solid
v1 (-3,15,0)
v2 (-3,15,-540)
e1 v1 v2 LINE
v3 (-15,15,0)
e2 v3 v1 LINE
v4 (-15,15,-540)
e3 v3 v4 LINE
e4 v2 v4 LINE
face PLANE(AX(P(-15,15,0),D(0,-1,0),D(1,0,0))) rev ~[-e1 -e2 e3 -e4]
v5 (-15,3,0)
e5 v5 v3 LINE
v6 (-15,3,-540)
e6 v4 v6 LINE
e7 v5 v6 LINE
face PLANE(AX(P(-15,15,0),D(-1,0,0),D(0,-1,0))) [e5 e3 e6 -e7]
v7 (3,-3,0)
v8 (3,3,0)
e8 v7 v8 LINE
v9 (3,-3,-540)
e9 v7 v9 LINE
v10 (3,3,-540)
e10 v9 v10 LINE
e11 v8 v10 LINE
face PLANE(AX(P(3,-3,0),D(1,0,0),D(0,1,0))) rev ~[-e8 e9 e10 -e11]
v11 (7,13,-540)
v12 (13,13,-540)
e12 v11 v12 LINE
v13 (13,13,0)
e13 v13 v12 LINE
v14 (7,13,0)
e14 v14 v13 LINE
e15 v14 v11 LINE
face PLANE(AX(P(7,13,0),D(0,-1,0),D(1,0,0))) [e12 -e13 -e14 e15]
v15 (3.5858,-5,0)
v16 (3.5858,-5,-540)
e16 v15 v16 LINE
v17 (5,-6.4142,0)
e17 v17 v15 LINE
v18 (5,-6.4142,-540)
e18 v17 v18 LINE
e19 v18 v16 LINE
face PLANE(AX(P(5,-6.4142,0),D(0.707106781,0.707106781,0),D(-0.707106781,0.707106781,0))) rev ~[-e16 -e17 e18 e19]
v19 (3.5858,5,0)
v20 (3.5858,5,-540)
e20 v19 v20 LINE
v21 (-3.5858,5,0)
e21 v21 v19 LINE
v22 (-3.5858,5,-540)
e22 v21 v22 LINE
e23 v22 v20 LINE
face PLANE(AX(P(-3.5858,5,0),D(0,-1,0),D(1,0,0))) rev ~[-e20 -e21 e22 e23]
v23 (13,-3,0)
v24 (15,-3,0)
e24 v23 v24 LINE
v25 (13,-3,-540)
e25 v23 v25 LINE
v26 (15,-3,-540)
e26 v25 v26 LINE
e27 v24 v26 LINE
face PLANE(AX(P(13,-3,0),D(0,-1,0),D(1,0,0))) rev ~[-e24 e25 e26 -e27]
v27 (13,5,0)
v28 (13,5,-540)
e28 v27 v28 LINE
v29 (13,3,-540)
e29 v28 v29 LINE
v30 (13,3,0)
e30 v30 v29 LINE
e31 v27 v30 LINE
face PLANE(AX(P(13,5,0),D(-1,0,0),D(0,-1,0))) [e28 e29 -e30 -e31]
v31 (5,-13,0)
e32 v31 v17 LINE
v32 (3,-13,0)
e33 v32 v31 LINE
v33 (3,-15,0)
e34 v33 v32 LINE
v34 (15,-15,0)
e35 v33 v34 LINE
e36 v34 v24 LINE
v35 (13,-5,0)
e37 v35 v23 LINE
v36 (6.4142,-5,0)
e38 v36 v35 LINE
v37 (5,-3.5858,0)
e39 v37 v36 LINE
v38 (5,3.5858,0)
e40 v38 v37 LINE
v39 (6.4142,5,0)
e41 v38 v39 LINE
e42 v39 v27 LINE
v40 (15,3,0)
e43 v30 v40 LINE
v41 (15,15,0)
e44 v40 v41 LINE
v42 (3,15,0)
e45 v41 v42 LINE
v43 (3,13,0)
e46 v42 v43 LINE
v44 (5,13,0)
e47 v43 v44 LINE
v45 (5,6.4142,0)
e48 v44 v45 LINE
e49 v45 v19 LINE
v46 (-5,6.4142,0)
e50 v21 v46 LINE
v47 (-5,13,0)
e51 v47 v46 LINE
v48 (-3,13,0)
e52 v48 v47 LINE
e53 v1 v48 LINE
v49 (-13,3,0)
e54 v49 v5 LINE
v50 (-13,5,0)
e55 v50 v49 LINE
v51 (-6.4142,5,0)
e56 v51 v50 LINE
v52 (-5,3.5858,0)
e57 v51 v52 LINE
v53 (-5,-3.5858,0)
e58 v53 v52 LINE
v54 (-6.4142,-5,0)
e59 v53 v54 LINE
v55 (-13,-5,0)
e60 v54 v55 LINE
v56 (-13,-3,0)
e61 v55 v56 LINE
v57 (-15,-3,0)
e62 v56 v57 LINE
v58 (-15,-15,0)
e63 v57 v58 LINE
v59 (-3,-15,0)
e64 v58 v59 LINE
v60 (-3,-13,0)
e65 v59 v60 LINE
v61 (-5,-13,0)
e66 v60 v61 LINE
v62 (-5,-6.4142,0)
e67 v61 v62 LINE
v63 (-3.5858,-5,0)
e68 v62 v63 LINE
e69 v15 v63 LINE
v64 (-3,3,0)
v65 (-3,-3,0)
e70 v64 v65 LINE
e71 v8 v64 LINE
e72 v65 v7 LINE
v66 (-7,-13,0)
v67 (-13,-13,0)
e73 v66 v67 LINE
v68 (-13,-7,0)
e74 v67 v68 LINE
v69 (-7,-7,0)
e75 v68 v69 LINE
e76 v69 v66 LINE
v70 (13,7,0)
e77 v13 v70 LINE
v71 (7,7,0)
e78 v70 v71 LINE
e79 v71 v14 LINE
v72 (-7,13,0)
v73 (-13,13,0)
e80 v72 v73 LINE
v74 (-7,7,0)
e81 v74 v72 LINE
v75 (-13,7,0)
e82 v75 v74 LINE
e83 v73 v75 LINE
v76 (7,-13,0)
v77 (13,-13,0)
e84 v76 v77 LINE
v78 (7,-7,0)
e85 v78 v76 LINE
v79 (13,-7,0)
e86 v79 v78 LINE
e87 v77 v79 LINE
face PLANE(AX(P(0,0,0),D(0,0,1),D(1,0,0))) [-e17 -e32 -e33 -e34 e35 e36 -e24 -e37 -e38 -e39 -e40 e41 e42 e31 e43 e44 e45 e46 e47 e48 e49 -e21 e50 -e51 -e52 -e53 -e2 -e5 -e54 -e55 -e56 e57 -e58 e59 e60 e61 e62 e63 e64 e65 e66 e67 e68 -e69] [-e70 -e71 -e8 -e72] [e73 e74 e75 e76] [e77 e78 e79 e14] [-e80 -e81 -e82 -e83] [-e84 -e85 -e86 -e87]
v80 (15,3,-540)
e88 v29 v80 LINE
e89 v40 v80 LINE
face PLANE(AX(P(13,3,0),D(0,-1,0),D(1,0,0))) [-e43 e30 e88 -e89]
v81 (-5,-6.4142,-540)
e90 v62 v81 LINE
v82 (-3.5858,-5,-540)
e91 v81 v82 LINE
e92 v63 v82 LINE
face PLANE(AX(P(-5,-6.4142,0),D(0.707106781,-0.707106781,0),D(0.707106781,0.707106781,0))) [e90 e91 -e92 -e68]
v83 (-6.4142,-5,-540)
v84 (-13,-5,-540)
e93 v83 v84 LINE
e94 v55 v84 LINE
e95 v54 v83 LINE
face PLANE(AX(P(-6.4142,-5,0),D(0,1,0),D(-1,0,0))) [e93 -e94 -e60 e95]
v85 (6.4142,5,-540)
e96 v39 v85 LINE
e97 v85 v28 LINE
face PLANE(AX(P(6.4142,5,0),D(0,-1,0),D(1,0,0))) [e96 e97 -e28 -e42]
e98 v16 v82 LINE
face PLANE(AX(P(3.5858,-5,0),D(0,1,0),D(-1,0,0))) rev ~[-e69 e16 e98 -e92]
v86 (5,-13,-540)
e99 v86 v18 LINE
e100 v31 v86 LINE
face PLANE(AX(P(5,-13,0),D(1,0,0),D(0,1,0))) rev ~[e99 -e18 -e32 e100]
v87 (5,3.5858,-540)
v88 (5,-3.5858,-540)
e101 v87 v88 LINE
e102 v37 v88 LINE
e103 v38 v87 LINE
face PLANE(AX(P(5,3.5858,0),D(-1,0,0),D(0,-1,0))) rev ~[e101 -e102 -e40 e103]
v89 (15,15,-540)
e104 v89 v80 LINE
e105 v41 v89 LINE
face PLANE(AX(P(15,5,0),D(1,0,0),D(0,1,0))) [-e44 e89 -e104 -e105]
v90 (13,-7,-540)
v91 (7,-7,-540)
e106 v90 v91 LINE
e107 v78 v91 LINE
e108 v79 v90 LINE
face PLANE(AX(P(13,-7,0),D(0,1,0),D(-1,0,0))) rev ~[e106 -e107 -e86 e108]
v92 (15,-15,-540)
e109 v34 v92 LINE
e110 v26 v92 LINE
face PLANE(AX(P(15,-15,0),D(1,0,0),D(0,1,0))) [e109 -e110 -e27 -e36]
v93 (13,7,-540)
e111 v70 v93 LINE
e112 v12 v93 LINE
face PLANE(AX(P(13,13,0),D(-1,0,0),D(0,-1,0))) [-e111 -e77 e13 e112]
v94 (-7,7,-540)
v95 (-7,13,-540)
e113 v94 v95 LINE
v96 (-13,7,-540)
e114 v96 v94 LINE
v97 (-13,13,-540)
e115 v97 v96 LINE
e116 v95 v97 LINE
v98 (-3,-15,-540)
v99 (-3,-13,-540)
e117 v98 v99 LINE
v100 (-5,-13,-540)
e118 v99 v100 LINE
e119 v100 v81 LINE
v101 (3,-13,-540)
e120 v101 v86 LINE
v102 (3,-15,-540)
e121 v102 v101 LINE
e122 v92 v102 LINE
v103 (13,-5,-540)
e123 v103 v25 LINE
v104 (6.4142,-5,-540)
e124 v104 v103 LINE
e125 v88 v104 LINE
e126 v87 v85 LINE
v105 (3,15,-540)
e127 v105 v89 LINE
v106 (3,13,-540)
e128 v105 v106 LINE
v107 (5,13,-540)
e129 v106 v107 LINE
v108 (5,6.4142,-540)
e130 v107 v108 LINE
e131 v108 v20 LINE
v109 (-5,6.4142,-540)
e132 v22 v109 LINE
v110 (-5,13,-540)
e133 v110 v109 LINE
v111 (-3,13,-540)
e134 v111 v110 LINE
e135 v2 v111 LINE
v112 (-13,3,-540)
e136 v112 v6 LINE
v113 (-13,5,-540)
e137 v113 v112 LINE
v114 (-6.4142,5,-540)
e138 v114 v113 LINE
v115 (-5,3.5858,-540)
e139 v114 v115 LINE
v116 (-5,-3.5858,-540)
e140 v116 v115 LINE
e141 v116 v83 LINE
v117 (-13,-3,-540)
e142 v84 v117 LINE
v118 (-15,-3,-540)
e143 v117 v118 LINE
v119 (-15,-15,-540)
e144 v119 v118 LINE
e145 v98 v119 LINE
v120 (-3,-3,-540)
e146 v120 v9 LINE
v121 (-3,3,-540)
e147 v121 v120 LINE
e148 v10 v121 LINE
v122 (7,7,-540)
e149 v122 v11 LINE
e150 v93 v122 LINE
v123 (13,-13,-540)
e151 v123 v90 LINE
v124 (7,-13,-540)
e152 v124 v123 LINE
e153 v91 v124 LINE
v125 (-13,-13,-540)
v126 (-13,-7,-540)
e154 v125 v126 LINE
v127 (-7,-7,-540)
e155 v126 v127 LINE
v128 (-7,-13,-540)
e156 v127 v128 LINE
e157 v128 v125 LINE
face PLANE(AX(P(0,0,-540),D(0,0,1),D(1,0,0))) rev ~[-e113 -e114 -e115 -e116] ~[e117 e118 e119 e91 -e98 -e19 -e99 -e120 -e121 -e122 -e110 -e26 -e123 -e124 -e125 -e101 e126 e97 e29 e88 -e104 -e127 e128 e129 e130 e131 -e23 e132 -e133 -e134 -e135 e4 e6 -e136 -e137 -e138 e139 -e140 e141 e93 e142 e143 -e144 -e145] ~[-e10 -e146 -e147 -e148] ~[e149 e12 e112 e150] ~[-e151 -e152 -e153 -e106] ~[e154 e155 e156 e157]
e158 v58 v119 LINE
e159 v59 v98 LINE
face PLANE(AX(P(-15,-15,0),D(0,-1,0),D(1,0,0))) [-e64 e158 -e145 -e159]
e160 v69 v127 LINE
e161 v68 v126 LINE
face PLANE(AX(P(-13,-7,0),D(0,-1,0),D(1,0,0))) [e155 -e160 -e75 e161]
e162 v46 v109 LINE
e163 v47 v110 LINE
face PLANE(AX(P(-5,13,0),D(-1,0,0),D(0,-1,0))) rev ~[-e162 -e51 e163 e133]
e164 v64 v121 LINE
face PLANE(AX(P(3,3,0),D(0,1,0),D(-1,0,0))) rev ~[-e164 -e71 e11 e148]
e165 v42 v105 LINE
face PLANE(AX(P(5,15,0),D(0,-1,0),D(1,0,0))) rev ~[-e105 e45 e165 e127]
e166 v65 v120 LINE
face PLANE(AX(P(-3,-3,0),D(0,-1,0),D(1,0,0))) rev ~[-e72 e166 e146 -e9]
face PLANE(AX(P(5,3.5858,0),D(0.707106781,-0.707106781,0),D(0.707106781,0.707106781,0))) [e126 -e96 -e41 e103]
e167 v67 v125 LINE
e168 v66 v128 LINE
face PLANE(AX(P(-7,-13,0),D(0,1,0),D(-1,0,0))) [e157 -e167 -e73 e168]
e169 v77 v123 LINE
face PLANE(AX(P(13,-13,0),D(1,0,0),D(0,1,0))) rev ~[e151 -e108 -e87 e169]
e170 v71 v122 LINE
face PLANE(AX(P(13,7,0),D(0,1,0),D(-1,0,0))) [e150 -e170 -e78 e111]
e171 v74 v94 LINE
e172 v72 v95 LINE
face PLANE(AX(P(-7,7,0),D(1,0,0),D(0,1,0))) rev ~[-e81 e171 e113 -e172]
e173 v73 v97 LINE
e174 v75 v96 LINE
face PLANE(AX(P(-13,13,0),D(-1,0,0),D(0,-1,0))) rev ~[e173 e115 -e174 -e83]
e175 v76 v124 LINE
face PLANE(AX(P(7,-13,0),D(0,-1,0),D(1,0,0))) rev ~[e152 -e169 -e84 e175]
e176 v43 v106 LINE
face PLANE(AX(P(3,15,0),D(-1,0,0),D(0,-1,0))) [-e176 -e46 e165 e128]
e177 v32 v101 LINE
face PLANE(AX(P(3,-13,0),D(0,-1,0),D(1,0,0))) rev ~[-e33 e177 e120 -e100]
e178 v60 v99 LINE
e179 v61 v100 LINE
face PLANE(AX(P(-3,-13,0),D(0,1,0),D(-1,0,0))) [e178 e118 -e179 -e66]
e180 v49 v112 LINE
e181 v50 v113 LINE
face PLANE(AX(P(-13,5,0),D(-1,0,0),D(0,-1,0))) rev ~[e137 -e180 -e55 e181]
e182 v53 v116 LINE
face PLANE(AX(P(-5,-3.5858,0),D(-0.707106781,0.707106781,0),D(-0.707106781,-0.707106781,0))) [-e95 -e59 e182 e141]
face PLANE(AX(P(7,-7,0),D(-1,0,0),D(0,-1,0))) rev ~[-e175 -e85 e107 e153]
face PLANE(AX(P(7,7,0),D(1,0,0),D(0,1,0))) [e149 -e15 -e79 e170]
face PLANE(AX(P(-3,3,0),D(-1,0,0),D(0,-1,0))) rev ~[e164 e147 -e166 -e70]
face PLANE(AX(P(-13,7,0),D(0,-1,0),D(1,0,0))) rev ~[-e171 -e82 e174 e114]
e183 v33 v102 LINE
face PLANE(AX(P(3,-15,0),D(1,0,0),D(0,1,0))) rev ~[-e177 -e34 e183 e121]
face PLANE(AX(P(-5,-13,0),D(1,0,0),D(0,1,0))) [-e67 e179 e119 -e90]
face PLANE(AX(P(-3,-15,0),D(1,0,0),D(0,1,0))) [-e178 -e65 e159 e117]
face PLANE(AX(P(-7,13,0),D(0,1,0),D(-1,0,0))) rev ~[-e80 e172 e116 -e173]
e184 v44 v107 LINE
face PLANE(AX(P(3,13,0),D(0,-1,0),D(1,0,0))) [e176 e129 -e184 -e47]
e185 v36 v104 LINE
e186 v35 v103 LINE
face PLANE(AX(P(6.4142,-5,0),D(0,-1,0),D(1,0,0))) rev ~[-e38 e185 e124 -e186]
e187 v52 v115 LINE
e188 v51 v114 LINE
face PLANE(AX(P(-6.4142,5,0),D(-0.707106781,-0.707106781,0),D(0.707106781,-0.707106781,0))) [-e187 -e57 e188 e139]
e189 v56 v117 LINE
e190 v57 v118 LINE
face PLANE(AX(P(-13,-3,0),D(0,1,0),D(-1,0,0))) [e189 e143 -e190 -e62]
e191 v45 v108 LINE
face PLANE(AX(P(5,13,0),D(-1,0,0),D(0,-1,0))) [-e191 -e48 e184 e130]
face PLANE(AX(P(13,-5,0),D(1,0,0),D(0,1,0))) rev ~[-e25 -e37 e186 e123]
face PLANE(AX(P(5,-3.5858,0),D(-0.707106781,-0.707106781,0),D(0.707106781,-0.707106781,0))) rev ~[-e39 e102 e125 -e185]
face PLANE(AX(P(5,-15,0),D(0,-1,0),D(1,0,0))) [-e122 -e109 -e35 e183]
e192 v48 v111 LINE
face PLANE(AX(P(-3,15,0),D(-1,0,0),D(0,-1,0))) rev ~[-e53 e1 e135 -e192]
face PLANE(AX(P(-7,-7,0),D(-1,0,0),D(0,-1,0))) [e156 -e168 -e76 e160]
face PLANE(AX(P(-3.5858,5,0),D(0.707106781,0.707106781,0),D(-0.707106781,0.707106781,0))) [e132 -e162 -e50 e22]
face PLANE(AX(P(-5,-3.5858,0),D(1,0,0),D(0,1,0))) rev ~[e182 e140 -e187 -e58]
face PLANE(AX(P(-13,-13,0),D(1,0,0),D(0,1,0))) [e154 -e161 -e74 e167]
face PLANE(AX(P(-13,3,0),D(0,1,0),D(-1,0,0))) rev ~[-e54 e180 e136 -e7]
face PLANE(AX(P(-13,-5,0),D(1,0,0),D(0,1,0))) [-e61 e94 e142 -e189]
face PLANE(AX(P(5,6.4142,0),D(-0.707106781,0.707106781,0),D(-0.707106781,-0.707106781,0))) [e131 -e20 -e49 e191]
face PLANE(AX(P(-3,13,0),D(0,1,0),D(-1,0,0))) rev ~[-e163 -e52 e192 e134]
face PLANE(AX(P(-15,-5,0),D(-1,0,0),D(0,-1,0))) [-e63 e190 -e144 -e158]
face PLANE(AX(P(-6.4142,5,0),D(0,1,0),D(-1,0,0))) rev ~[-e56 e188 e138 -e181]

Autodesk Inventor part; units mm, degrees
ref_plane "YZ Plane" through (0, 0, 0) normal (1, 0, 0) x (0, 1, 0)
ref_plane "XZ Plane" through (0, 0, 0) normal (0, 1, 0) x (-1, 0, 0)
ref_plane "XY Plane" through (0, 0, 0) normal (0, 0, 1) x (1, 0, 0)
sketch "스케치1" plane through (0, 0, 0) normal (0, 0, 1) x (1, 0, 0)
  line L0 (-15, 15) -> (15, 15)
  line L1 (15, 15) -> (-15, 15)
  line L2 (-15, 15) -> (-15, -15)
  line L3 (-15, -15) -> (15, -15)
  line L4 (15, -15) -> (15, 15)
  line L5 (-15, -15) -> (-5, -15)
  line L6 (-5, -15) -> (-5, -5)
  line L7 (-5, -5) -> (-15, -5)
  line L8 (-15, -5) -> (-15, -15)
  line L9 (-15, 15) -> (-5, 15)
  line L10 (-5, 15) -> (-5, 5)
  line L11 (-5, 5) -> (-15, 5)
  line L12 (-15, 5) -> (-15, 15)
  line L13 (15, -15) -> (5, -15)
  line L14 (5, -15) -> (5, -5)
  line L15 (5, -5) -> (15, -5)
  line L16 (15, -5) -> (15, -15)
  line L17 (15, 15) -> (5, 15)
  line L18 (5, 15) -> (5, 5)
  line L19 (5, 5) -> (15, 5)
  line L20 (15, 5) -> (15, 15)
  line L21 (-13, -7) -> (-7, -7)
  line L22 (-7, -7) -> (-7, -13)
  line L23 (-7, -13) -> (-13, -13)
  line L24 (-13, -13) -> (-13, -7)
  line L25 (-13, 7) -> (-7, 7)
  line L26 (-7, 7) -> (-7, 13)
  line L27 (-7, 13) -> (-13, 13)
  line L28 (-13, 13) -> (-13, 7)
  line L29 (7, -7) -> (7, -13)
  line L30 (7, -13) -> (13, -13)
  line L31 (13, -13) -> (13, -7)
  line L32 (13, -7) -> (7, -7)
  line L33 (7, 7) -> (7, 13)
  line L34 (7, 13) -> (13, 13)
  line L35 (13, 13) -> (13, 7)
  line L36 (13, 7) -> (7, 7)
  line L37 (-5, -15) -> (-3, -15)
  line L38 (-3, -15) -> (-3, -13)
  line L39 (-3, -13) -> (-5, -13)
  line L40 (-5, -13) -> (-5, -15)
  line L41 (5, -15) -> (3, -15)
  line L42 (3, -15) -> (3, -13)
  line L43 (3, -13) -> (5, -13)
  line L44 (5, -13) -> (5, -15)
  line L45 (5, 15) -> (3, 15)
  line L46 (3, 15) -> (3, 13)
  line L47 (3, 13) -> (5, 13)
  line L48 (5, 13) -> (5, 15)
  line L49 (-5, 15) -> (-3, 15)
  line L50 (-3, 15) -> (-3, 13)
  line L51 (-3, 13) -> (-5, 13)
  line L52 (-5, 13) -> (-5, 15)
  line L53 (15, -5) -> (13, -5)
  line L54 (13, -5) -> (13, -3)
  line L55 (13, -3) -> (15, -3)
  line L56 (15, -3) -> (15, -5)
  line L57 (15, 5) -> (13, 5)
  line L58 (13, 5) -> (13, 3)
  line L59 (13, 3) -> (15, 3)
  line L60 (15, 3) -> (15, 5)
  line L61 (-15, -5) -> (-13, -5)
  line L62 (-13, -5) -> (-13, -3)
  line L63 (-13, -3) -> (-15, -3)
  line L64 (-15, -3) -> (-15, -5)
  line L65 (-15, 5) -> (-13, 5)
  line L66 (-13, 5) -> (-13, 3)
  line L67 (-13, 3) -> (-15, 3)
  line L68 (-15, 3) -> (-15, 5)
  line L69 (5, -5) -> (-5, -5)
  line L70 (-5, -5) -> (-5, 5)
  line L71 (-5, 5) -> (5, 5)
  line L72 (5, 5) -> (5, -5)
  line L73 (5, -5) -> (-5, 5) construction
  line L74 (-5, -5) -> (5, 5) construction
  line L75 (-3.5858, -5) -> (-5, -3.5858)
  line L76 (-5, -3.5858) -> (-6.4142, -5)
  line L77 (-6.4142, -5) -> (-5, -6.4142)
  line L78 (-5, -6.4142) -> (-3.5858, -5)
  line L79 (-3.5858, -5) -> (-6.4142, -5) construction
  line L80 (-5, -3.5858) -> (-5, -6.4142) construction
  line L81 (-3.5858, 5) -> (-5, 6.4142)
  line L82 (-5, 6.4142) -> (-6.4142, 5)
  line L83 (-6.4142, 5) -> (-5, 3.5858)
  line L84 (-5, 3.5858) -> (-3.5858, 5)
  line L85 (-3.5858, 5) -> (-6.4142, 5) construction
  line L86 (-5, 6.4142) -> (-5, 3.5858) construction
  line L87 (5, 3.5858) -> (6.4142, 5)
  line L88 (6.4142, 5) -> (5, 6.4142)
  line L89 (5, 6.4142) -> (3.5858, 5)
  line L90 (3.5858, 5) -> (5, 3.5858)
  line L91 (5, 3.5858) -> (5, 6.4142) construction
  line L92 (6.4142, 5) -> (3.5858, 5) construction
  line L93 (5, -3.5858) -> (6.4142, -5)
  line L94 (6.4142, -5) -> (5, -6.4142)
  line L95 (5, -6.4142) -> (3.5858, -5)
  line L96 (3.5858, -5) -> (5, -3.5858)
  line L97 (5, -3.5858) -> (5, -6.4142) construction
  line L98 (6.4142, -5) -> (3.5858, -5) construction
  line L99 (3, 3) -> (-3, 3)
  line L100 (-3, 3) -> (-3, -3)
  line L101 (-3, -3) -> (3, -3)
  line L102 (3, -3) -> (3, 3)
  point P0 (0, 0)
  point P1 (0, 0)
  point P2 (-10, 162)
  point P3 (-10, 162)
  point P4 (-10, 162)
  point P5 (-10, 162)
  point P6 (-18, 162)
  point P7 (-8, 152)
  point P8 (-10, 154)
  point P9 (0, 172)
  point P10 (0, 172)
  point P11 (0, 172)
  point P12 (0, 172)
  point P13 (8, 172)
  point P14 (10, 170)
  point P15 (-2, 182)
  point P16 (0, 180)
  point P17 (0, 162)
  point P18 (0, 162)
  point P19 (0, 162)
  point P20 (0, 162)
  point P21 (8, 162)
  point P22 (0, 154)
  point P23 (-2, 152)
  point P24 (10, 164)
  point P25 (-18, 172)
  point P26 (-10, 180)
  point P27 (-8, 182)
  point P28 (1.4142, 162)
  point P29 (0, 163.4142)
  point P30 (-1.4142, 162)
  point P31 (0, 160.5858)
  point P32 (0, 173.4142)
  point P33 (-1.4142, 172)
  point P34 (0, 170.5858)
  point P35 (1.4142, 172)
  point P36 (-11.4142, 172)
  point P37 (-10, 170.5858)
  point P38 (-8.5858, 172)
  point P39 (-10, 173.4142)
  point P40 (-10, 160.5858)
  point P41 (-8.5858, 162)
  point P42 (-10, 163.4142)
  point P43 (-11.4142, 162)
  point P44 (-18, 162)
  point P45 (-20, 162)
  point P46 (-10, 152)
  point P47 (-20, 182)
  point P48 (-20, 164)
  point P49 (-20, 164)
  point P50 (-20, 162)
  point P51 (-20, 170)
  point P52 (0, 0)
  point P53 (5, 15)
  dimension "d0" = 30
  dimension "d1" = 10
  dimension "d2" = 10
  dimension "d3" = 10
  dimension "d4" = 10
  dimension "d5" = 10
  dimension "d6" = 10
  dimension "d7" = 10
  dimension "d8" = 10
  dimension "d9" = 2
  dimension "d10" = 2
  dimension "d11" = 2
  dimension "d12" = 2
  dimension "d13" = 2
  dimension "d14" = 2
  dimension "d15" = 2
  dimension "d16" = 2
  dimension "d17" = 2
  dimension "d18" = 2
  dimension "d19" = 2
  dimension "d20" = 2
  dimension "d21" = 2
  dimension "d22" = 2
  dimension "d23" = 2
  dimension "d24" = 2
  dimension "d25" = 2
  dimension "d26" = 2
  dimension "d27" = 2
  dimension "d28" = 2
  dimension "d29" = 2
  dimension "d30" = 2
  dimension "d31" = 2
  dimension "d32" = 2
  dimension "d33" = 2
  dimension "d34" = 2
  dimension "d35" = 2
  dimension "d36" = 2
  dimension "d37" = 2
extrude "돌출1" add sketch "스케치1" against normal blind 540 contours L0 L10 L82 L11 L2 | L0 L50 L51 L10 | L11 L66 L67 L2 | L0 L18 L47 L46 | L81 L71 L10 | L10 L11 L82 | L63 L62 L7 L2 | L11 L70 L83 | L0 L4 L19 L88 L18 | L71 L84 L70 | L71 L90 L72 L96 L69 L75 L70 L84 | L7 L77 L6 L3 L2 | L89 L18 L71 | L71 L72 L90 | L75 L69 L70 | L70 L7 L76 | L4 L59 L58 L19 | L88 L19 L18 | L19 L87 L72 | L6 L39 L38 L3 | L7 L6 L77 | L69 L78 L6 | L93 L15 L72 | L72 L69 L96 | L69 L14 L95 | L4 L15 L54 L55 | L15 L94 L14 | L15 L4 L3 L14 L94 | L42 L43 L14 L3
properties part number "cross_AL_profile"
